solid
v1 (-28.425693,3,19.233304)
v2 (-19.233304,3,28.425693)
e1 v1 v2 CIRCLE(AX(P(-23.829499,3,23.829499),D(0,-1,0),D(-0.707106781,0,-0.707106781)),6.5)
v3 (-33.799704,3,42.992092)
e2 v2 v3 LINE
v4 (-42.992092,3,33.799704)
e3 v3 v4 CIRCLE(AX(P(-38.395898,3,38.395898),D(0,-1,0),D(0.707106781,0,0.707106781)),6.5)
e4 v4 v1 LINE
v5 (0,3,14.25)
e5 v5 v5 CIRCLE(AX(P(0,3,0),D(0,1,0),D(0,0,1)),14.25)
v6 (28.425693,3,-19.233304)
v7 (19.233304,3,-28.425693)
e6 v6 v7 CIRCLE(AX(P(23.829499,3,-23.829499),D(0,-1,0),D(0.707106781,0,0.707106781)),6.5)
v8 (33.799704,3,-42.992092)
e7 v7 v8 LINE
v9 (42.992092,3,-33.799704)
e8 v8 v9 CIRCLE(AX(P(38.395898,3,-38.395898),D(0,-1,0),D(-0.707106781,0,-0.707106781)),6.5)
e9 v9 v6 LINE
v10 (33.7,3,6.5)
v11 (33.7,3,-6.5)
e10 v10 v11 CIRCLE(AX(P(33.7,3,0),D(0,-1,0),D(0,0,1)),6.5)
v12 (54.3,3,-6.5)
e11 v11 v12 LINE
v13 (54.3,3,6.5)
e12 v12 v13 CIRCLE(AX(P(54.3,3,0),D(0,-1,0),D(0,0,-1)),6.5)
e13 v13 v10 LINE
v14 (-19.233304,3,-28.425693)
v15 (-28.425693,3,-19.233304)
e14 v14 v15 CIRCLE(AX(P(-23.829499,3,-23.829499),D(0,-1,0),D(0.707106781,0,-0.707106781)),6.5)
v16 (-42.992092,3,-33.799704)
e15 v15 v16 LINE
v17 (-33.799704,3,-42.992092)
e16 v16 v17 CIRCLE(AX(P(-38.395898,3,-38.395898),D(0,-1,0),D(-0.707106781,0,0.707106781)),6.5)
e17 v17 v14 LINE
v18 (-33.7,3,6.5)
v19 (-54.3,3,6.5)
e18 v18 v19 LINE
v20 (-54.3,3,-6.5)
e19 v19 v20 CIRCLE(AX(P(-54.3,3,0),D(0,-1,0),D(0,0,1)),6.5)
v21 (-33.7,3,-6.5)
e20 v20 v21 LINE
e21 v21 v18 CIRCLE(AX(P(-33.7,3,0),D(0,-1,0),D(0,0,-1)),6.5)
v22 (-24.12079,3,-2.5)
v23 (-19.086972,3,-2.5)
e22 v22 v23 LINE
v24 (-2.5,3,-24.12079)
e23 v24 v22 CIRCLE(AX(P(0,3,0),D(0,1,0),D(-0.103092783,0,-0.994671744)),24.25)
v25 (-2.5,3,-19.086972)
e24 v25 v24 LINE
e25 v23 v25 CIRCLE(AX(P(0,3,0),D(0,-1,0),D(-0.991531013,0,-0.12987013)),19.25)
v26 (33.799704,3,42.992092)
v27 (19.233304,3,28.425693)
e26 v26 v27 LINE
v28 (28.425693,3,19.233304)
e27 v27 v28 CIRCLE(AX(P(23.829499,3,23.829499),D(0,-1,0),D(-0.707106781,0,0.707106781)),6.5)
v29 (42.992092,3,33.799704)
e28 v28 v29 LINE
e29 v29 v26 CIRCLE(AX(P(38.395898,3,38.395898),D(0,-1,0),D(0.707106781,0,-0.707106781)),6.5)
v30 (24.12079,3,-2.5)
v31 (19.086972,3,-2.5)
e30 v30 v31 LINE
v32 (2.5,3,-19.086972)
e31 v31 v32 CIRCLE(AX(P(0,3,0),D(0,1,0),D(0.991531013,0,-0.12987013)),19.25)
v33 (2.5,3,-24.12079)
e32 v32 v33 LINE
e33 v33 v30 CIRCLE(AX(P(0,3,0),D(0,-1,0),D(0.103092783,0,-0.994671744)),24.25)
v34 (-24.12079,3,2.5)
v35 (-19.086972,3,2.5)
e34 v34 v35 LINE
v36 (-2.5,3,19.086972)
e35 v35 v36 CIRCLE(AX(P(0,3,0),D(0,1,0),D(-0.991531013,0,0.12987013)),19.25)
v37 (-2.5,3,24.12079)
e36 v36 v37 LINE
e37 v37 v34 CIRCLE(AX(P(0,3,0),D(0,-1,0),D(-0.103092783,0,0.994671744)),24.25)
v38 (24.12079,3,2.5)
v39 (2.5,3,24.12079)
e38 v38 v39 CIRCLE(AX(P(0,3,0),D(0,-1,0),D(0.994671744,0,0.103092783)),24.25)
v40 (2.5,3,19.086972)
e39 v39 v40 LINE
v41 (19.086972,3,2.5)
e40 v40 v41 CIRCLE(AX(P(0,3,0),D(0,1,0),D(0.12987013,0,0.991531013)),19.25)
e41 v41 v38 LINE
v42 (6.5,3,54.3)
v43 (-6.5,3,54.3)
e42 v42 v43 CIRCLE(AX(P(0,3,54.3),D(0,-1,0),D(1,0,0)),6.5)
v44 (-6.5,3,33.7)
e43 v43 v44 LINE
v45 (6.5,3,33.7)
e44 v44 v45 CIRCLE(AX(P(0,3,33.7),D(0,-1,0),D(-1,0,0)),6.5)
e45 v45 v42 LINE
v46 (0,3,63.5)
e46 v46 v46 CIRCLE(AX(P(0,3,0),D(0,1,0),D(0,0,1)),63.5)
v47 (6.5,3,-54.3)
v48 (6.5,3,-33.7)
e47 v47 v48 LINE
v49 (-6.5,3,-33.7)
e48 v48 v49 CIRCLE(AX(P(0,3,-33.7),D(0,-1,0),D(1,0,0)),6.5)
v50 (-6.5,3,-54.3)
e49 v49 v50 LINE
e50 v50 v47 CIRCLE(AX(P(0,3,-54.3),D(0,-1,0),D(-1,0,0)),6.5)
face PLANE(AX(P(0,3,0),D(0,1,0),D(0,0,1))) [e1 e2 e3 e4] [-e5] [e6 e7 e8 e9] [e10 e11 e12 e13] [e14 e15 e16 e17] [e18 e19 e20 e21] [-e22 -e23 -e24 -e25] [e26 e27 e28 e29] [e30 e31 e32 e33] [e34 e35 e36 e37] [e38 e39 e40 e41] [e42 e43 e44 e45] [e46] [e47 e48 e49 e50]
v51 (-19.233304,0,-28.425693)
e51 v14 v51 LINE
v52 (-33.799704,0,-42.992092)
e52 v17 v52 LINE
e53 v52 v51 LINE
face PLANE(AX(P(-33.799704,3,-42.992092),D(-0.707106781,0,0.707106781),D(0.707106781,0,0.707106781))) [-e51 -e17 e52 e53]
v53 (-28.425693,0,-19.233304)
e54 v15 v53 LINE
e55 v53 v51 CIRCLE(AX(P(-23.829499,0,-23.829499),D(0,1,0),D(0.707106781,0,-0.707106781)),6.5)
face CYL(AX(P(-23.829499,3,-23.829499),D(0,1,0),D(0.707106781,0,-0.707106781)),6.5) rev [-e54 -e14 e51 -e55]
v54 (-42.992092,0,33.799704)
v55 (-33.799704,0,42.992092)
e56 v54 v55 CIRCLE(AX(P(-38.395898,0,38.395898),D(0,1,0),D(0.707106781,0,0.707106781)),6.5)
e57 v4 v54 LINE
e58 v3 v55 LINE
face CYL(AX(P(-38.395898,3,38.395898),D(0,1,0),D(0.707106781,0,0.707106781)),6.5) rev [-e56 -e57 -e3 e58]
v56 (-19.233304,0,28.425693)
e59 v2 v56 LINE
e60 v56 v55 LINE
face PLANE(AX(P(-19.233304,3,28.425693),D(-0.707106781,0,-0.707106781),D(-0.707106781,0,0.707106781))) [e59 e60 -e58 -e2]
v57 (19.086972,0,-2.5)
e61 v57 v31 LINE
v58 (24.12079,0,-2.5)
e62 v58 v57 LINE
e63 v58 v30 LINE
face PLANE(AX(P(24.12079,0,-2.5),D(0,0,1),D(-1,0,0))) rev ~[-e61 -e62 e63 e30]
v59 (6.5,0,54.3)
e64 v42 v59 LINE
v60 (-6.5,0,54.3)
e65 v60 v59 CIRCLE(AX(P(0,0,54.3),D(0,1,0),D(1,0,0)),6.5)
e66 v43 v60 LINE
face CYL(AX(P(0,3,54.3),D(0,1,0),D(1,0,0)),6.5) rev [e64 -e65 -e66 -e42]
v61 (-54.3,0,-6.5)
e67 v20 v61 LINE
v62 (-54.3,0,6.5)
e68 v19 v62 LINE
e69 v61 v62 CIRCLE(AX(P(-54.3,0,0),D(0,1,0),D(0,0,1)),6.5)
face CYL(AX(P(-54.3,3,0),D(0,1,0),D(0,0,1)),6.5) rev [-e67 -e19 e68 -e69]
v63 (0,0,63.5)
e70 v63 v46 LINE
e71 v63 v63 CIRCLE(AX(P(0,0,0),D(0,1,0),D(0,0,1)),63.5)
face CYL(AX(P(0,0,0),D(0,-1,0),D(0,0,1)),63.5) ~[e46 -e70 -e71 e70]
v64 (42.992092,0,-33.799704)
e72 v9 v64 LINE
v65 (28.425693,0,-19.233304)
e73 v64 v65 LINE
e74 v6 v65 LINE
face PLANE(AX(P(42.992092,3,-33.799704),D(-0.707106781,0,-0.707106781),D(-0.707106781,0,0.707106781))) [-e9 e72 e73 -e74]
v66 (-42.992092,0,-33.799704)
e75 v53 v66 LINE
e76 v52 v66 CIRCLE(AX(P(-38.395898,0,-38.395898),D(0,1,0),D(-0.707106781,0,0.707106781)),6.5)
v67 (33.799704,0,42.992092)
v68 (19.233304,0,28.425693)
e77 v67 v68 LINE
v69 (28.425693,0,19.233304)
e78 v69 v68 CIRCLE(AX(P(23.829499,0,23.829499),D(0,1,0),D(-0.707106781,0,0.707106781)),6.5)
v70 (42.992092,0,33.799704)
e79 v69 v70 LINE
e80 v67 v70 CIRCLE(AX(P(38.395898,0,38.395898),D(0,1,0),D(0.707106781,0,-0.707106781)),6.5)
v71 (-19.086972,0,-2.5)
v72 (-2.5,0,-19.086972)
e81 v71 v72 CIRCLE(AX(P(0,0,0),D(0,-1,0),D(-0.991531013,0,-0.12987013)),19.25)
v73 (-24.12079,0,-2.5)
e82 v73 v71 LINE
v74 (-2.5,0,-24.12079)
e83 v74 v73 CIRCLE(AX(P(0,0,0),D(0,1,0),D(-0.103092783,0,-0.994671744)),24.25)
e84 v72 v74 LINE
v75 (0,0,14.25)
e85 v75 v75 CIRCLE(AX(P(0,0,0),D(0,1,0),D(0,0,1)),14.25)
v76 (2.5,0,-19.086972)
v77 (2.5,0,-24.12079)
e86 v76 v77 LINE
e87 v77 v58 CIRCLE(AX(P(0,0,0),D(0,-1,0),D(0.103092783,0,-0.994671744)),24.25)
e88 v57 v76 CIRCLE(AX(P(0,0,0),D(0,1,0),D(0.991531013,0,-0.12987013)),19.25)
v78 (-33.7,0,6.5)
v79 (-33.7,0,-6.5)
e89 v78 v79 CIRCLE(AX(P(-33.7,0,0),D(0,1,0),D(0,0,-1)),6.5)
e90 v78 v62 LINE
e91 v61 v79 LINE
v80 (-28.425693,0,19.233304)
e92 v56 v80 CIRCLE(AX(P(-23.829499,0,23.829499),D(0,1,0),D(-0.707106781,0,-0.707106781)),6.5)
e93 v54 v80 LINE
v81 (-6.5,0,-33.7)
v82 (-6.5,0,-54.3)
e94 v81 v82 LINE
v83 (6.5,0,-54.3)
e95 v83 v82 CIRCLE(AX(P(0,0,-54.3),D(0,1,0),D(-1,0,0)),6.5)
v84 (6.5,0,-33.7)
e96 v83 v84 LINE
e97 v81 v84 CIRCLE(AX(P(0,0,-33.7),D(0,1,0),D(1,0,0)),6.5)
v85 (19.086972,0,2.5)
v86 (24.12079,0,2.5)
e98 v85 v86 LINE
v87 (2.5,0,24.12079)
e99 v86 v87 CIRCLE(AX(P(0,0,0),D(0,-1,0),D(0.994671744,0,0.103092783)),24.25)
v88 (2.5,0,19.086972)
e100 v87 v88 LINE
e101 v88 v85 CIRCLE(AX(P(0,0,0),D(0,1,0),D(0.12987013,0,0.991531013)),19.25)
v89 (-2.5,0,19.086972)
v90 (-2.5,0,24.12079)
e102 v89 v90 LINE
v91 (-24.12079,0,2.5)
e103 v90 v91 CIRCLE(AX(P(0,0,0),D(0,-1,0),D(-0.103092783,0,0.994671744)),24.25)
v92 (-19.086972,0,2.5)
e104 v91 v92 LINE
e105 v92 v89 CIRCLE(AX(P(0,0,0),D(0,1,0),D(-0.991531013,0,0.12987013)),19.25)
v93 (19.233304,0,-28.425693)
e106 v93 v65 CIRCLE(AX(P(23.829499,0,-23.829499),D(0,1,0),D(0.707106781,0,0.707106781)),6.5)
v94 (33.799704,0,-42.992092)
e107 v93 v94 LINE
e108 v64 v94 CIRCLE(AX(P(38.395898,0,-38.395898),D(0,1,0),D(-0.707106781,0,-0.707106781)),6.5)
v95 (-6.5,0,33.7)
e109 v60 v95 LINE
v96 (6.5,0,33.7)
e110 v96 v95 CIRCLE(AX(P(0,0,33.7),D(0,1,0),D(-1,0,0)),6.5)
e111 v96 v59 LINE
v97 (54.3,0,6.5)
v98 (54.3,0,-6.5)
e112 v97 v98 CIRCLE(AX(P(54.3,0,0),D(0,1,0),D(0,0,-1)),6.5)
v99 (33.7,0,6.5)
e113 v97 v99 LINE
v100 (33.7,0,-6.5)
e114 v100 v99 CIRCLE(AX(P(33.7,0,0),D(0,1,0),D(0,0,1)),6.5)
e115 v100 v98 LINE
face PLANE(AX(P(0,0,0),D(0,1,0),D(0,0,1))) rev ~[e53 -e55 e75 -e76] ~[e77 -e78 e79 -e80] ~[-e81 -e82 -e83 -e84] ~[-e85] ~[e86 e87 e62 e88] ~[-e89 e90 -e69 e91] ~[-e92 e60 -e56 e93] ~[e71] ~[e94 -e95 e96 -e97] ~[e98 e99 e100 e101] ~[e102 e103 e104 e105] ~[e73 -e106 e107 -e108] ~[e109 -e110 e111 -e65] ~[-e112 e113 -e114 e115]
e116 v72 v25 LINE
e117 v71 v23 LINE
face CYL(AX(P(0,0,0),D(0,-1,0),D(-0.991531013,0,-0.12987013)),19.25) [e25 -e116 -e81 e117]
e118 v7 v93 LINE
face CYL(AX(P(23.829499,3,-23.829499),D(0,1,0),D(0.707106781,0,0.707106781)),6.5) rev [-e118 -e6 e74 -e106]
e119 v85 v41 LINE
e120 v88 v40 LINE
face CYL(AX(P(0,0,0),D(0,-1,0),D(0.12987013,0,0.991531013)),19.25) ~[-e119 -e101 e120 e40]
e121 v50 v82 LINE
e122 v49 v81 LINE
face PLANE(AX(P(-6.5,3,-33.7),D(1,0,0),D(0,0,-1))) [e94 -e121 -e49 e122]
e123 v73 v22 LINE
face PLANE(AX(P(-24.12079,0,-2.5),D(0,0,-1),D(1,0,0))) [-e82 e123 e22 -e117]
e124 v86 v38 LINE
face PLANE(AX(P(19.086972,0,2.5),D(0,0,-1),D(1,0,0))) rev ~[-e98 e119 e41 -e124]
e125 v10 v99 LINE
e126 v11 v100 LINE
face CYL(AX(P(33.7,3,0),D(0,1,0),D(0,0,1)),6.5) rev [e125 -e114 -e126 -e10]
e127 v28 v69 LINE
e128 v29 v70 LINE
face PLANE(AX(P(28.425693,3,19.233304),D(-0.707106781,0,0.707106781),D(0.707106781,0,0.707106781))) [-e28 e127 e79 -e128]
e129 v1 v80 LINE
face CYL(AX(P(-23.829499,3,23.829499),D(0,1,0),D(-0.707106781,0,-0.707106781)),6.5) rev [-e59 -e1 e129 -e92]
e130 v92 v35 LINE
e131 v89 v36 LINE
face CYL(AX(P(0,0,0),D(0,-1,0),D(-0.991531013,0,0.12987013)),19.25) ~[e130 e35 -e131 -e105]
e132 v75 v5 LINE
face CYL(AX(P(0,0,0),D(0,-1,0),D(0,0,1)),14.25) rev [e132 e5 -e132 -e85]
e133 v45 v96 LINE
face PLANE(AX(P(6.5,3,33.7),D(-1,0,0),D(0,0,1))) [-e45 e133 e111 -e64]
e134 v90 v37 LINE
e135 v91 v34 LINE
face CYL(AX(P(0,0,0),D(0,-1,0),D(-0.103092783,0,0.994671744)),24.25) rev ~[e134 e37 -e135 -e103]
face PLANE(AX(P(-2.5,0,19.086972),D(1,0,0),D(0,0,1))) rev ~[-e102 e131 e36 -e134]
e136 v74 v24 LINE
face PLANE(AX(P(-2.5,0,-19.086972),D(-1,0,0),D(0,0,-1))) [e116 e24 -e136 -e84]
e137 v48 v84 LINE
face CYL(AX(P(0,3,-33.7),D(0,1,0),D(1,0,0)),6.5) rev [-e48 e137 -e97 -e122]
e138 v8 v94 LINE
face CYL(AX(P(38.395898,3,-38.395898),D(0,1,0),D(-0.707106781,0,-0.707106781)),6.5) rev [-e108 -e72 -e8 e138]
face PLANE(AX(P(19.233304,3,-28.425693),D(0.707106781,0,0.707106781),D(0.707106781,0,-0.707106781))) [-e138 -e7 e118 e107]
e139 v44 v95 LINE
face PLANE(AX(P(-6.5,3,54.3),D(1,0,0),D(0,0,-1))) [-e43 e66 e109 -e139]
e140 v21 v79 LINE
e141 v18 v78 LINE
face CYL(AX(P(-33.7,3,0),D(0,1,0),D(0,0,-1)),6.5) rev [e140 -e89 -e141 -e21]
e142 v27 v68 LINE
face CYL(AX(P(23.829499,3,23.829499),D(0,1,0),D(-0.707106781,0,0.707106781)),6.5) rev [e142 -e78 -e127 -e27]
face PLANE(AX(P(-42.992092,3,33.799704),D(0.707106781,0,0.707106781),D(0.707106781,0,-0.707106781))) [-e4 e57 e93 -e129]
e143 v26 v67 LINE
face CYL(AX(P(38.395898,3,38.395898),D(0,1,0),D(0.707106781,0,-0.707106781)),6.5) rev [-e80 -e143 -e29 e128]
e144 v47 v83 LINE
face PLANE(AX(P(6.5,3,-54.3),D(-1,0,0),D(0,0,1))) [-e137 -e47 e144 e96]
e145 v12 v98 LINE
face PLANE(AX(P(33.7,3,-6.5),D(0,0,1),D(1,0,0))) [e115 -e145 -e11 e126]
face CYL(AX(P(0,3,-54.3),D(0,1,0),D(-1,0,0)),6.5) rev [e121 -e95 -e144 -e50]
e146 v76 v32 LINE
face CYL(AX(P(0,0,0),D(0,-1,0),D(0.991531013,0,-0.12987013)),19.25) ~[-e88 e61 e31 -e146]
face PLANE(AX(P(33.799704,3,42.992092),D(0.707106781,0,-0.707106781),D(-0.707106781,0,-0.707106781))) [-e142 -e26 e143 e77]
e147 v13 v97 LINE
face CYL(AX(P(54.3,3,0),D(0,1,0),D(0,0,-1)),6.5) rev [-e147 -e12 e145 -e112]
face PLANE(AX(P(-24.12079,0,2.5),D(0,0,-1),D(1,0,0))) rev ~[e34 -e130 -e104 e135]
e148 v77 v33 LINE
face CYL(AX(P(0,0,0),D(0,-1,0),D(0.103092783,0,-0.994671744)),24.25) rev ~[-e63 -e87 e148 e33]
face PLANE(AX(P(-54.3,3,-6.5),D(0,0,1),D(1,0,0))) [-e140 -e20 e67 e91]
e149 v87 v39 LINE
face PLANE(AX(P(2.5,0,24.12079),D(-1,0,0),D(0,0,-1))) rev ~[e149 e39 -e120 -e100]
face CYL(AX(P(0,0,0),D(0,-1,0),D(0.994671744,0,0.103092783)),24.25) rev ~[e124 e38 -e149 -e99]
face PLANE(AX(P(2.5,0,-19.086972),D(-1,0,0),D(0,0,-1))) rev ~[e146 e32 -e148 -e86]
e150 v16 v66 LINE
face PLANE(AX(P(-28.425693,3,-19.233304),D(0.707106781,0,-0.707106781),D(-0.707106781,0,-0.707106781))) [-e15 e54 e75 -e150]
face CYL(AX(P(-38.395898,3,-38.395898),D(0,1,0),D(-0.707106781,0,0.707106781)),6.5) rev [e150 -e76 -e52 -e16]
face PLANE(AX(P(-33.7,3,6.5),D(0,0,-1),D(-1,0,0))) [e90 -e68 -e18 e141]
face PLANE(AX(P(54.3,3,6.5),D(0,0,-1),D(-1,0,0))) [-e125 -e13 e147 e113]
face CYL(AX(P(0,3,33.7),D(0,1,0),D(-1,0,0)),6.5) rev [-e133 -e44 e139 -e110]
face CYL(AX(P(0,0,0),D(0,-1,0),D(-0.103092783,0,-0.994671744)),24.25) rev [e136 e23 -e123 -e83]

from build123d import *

# Parameters (mm, degrees)
SKETCH1_R           = 63.5
SKETCH1_R_2         = 14.25
BOSS_EXTRUDE1_DEPTH = 3
CUT_EXTRUDE1_DEPTH  = 90.852657167
CIRPATTERN1_COUNT   = 8


with BuildPart() as part:
    # Sketch1 → Boss-Extrude1 (new body)
    with BuildSketch(Plane(origin=(0, 0, 0), x_dir=(1, 0, 0), z_dir=(0, 1, 0))):
        with Locations(Location((0, 0, 0), (0, 0, 270))):
            Circle(SKETCH1_R)
        with Locations(Location((0, 0, 0), (0, 0, 270))):
            Circle(SKETCH1_R_2, mode=Mode.SUBTRACT)
        with BuildLine():
            Line((-2.5, 19.086971997), (-2.5, 24.120789788))
            ThreePointArc((-2.5, 24.120789788), (-17.147339444, 17.147339444), (-24.120789788, 2.5))
            Line((-24.120789788, 2.5), (-19.086971997, 2.5))
            ThreePointArc((-19.086971997, 2.5), (-13.611805538, 13.611805538), (-2.5, 19.086971997))
        make_face(mode=Mode.SUBTRACT)
        with BuildLine():
            Line((2.5, 19.086971997), (2.5, 24.120789788))
            ThreePointArc((2.5, 24.120789788), (17.147339444, 17.147339444), (24.120789788, 2.5))
            Line((24.120789788, 2.5), (19.086971997, 2.5))
            ThreePointArc((19.086971997, 2.5), (13.611805538, 13.611805538), (2.5, 19.086971997))
        make_face(mode=Mode.SUBTRACT)
        with BuildLine():
            Line((19.086971997, -2.5), (24.120789788, -2.5))
            ThreePointArc((24.120789788, -2.5), (17.147339444, -17.147339444), (2.5, -24.120789788))
            Line((2.5, -24.120789788), (2.5, -19.086971997))
            ThreePointArc((2.5, -19.086971997), (13.611805538, -13.611805538), (19.086971997, -2.5))
        make_face(mode=Mode.SUBTRACT)
        with BuildLine():
            Line((-2.5, -19.086971997), (-2.5, -24.120789788))
            ThreePointArc((-2.5, -24.120789788), (-17.147339444, -17.147339444), (-24.120789788, -2.5))
            Line((-24.120789788, -2.5), (-19.086971997, -2.5))
            ThreePointArc((-19.086971997, -2.5), (-13.611805538, -13.611805538), (-2.5, -19.086971997))
        make_face(mode=Mode.SUBTRACT)
    extrude(amount=BOSS_EXTRUDE1_DEPTH)

    # Sketch4 → Cut-Extrude1 (cut, through all)
    with BuildSketch(Plane(origin=(0, 3, 0), x_dir=(1, 0, 0), z_dir=(0, 1, 0))):
        with BuildLine():
            Line((-6.5, 33.7), (-6.5, 54.3))
            ThreePointArc((-6.5, 54.3), (0, 60.8), (6.5, 54.3))
            Line((6.5, 54.3), (6.5, 33.7))
            ThreePointArc((6.5, 33.7), (0, 27.2), (-6.5, 33.7))
        make_face()
    cut_extrude1 = extrude(amount=-CUT_EXTRUDE1_DEPTH, mode=Mode.SUBTRACT)

    # CirPattern1: Cut-Extrude1 ×8 about axis
    cirpattern1_axis = Axis((0, 0, 0), (0, 1, 0))
    for i in range(1, CIRPATTERN1_COUNT):
        add(cut_extrude1.rotate(cirpattern1_axis, i * 360 / CIRPATTERN1_COUNT), mode=Mode.SUBTRACT)


solid = part.part
